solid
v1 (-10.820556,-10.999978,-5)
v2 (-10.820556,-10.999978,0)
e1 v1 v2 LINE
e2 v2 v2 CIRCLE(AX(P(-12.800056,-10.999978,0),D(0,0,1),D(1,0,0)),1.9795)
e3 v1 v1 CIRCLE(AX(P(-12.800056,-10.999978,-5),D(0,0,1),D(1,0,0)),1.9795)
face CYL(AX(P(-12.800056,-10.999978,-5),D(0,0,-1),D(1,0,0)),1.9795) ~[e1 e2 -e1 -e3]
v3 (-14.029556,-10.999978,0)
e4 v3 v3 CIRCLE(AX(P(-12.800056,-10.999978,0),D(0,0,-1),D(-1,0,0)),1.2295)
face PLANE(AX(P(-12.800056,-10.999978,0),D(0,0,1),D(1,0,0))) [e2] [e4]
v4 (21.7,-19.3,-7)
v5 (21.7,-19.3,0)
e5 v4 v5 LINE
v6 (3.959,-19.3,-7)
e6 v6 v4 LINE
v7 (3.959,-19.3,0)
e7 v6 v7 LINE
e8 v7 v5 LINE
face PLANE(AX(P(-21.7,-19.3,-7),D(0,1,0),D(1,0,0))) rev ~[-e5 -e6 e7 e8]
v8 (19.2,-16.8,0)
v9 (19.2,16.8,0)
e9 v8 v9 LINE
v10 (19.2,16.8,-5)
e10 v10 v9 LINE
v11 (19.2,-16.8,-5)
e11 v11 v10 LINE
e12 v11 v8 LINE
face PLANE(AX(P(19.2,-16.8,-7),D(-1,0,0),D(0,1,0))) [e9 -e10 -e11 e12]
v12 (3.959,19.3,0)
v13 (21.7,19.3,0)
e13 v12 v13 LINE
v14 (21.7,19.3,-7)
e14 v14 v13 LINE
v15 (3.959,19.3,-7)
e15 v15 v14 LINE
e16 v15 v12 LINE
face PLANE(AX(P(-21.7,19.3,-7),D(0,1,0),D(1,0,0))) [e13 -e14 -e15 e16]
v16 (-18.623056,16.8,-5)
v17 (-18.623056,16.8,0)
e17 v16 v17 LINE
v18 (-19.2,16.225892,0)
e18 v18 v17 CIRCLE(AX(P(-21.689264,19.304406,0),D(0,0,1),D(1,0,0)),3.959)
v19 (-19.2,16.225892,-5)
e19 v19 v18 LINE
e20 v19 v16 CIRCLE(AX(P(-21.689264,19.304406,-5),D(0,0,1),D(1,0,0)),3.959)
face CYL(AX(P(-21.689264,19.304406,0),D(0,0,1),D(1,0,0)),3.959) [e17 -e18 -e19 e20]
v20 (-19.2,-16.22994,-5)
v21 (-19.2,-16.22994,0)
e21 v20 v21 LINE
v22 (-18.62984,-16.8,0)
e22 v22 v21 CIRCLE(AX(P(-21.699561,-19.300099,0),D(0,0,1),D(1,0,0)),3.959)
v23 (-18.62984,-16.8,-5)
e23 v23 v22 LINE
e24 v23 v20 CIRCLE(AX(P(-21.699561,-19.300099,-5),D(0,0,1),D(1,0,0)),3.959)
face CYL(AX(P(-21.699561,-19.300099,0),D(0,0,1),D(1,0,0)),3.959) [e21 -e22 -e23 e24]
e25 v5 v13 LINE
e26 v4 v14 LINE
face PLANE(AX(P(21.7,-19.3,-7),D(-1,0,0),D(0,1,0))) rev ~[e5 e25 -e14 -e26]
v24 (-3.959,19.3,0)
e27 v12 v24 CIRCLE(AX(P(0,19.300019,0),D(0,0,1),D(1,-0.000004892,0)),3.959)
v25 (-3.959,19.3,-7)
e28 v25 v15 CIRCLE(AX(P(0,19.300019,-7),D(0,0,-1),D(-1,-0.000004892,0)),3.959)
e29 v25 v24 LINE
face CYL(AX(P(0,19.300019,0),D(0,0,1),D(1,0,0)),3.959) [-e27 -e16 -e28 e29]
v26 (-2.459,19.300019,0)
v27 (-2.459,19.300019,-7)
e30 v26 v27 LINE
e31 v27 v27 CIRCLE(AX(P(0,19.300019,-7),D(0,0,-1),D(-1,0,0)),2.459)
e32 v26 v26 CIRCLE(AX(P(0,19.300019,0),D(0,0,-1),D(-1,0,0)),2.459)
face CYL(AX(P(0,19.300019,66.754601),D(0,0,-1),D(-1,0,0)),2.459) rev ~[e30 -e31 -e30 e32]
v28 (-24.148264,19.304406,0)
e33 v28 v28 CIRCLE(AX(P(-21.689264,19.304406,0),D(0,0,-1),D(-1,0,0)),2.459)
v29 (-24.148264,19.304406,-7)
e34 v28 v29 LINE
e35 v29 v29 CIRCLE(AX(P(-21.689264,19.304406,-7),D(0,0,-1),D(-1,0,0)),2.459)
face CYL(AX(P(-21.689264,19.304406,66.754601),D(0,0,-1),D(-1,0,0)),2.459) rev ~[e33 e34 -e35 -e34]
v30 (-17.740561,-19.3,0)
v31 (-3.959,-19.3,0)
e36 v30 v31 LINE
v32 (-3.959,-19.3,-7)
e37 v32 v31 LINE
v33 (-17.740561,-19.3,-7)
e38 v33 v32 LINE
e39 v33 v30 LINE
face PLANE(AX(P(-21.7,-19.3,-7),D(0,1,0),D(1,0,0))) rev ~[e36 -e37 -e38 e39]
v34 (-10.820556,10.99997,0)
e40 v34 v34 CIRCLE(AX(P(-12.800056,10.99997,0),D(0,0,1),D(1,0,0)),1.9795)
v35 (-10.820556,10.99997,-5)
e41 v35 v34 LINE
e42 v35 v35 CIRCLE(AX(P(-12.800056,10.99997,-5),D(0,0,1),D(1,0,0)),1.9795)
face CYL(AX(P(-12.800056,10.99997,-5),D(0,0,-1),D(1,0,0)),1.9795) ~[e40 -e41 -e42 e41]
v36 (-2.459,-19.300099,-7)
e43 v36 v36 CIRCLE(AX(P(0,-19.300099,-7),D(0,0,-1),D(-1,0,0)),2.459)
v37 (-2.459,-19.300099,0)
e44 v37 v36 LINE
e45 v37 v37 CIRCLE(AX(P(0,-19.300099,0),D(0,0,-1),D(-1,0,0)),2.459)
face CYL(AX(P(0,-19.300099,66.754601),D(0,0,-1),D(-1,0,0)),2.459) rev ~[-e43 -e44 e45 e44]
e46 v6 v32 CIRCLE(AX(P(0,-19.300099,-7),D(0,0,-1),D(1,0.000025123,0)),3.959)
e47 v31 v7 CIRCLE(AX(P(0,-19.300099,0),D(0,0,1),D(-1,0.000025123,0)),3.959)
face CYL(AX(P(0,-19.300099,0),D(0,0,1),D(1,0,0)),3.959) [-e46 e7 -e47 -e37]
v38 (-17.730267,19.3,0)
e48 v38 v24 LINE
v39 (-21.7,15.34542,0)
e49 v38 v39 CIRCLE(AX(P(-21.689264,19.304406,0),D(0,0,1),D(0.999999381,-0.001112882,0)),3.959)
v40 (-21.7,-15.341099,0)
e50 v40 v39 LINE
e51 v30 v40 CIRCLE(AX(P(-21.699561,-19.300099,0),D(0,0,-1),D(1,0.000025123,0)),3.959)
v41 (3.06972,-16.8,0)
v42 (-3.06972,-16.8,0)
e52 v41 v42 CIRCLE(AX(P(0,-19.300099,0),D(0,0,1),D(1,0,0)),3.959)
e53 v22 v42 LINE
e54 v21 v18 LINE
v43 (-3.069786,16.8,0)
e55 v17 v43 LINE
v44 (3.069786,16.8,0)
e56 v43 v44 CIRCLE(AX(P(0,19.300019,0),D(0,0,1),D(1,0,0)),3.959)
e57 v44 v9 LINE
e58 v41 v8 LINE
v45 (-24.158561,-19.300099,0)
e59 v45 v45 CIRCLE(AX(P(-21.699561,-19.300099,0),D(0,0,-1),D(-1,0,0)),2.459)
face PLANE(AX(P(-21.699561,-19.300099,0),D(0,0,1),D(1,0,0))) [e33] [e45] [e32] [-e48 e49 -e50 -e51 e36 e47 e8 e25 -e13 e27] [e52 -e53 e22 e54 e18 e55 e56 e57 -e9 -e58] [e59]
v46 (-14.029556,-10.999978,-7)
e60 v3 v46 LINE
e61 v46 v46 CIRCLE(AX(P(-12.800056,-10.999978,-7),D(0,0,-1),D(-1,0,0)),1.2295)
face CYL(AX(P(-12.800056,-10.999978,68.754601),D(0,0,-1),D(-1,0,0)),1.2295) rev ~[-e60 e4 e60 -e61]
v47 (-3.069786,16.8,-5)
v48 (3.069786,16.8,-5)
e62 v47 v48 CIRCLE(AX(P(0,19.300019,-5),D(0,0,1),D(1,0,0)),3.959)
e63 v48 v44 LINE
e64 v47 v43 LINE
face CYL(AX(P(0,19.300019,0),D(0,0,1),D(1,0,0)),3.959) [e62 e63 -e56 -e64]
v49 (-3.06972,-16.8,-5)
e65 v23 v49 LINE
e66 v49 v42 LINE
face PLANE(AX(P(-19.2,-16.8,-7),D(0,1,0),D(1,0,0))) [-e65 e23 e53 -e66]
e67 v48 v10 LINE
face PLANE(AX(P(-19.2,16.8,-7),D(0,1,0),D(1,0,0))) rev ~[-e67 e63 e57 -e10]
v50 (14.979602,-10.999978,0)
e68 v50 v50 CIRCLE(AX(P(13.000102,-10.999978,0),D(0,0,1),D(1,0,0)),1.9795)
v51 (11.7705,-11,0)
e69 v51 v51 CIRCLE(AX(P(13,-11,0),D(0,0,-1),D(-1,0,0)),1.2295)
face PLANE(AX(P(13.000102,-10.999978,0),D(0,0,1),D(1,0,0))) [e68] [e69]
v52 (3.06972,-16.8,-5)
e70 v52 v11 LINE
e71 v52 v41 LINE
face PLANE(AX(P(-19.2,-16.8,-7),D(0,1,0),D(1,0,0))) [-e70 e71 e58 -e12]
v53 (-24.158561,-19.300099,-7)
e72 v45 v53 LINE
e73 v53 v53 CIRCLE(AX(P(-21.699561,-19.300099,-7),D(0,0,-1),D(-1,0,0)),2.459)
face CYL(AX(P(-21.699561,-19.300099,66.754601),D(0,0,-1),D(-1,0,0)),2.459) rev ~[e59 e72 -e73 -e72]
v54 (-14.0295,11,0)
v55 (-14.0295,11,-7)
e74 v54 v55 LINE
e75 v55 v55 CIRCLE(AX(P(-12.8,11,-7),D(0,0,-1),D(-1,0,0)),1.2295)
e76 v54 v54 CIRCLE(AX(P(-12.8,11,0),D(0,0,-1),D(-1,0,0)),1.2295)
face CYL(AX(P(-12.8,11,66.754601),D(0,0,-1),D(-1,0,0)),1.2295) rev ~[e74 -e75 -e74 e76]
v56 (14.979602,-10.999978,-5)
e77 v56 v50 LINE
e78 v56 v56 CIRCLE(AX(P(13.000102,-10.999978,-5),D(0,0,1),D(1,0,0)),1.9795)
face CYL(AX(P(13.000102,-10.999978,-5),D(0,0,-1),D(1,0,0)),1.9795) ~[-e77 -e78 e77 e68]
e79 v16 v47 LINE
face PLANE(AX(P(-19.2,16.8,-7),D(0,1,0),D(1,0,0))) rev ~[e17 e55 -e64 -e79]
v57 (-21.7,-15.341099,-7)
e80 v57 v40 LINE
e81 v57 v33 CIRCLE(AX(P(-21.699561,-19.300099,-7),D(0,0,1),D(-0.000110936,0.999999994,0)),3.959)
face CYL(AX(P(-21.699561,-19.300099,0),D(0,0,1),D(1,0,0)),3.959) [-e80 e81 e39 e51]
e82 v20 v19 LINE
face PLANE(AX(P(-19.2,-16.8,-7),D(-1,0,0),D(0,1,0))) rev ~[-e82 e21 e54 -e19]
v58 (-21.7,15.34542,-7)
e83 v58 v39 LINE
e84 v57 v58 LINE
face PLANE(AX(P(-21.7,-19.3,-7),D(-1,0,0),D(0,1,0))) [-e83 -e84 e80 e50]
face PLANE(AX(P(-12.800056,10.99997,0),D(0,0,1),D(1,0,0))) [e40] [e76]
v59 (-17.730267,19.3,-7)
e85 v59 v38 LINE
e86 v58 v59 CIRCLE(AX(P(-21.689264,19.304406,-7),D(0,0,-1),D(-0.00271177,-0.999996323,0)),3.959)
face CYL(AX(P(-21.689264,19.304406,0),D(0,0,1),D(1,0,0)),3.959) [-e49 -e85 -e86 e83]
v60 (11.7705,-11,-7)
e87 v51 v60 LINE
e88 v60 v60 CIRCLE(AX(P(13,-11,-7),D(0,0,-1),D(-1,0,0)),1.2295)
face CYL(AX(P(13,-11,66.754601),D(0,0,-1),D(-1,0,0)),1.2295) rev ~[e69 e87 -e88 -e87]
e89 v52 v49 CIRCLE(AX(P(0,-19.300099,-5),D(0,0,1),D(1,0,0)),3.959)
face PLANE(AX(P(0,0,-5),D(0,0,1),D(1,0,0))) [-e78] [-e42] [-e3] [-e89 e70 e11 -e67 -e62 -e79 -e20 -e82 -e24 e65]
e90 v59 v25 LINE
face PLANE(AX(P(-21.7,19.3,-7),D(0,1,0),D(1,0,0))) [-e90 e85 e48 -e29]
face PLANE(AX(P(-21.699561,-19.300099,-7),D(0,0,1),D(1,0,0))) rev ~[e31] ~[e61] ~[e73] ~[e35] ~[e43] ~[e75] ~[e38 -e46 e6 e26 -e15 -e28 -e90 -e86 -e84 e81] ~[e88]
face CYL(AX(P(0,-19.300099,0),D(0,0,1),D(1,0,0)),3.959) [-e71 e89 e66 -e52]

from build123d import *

# Parameters (mm, degrees)
F7_W         = 43.4
F7_H         = 38.6
F8_DEPTH     = 7
F6_W         = 38.4
F6_H         = 33.6
F9_DEPTH     = 7
F10_DEPTH    = 2
F11_R        = 1.9795
F12_DEPTH    = 5
F15_R        = 3.959
F16_DEPTH    = 7
F17_D        = 4.918
F18_D        = 2.459
F18_ON_F11_D = 2.459


with BuildPart() as f8:
    # F7 (on Top) → F8 (new body)
    with BuildSketch(Plane.XY):
        Rectangle(F7_W, F7_H)
    extrude(amount=F8_DEPTH)

    # F6 (on Top) → F9 (cut)
    with BuildSketch(Plane.XY):
        Rectangle(F6_W, F6_H)
    extrude(amount=F9_DEPTH, mode=Mode.SUBTRACT)

    # F6 (on Top) → F10 (join)
    with BuildSketch(Plane.XY):
        Rectangle(F6_W, F6_H)
    extrude(amount=F10_DEPTH)

    # F11 (on face) → F12 (join)
    with BuildSketch(Plane.XY.offset(2)):
        with Locations((-12.8000564873, 10.9999701381)):
            Circle(F11_R)
        with Locations((13.0001017824, -10.9999775887)):
            Circle(F11_R)
        with Locations((-12.8000564873, -10.9999775887)):
            Circle(F11_R)
    extrude(amount=F12_DEPTH)


with BuildPart() as f8_1:
    # F13: moved
    add(f8.part.moved(Location((0, 0, -7))))

    # F15 (on face) → F16 (join)
    with BuildSketch(Plane.XY):
        with Locations((-21.6995608062, -19.3000994623)):
            Circle(F15_R)
        with Locations((0, -19.3000994623)):
            Circle(F15_R)
        with Locations((0, 19.3000193685)):
            Circle(F15_R)
        with Locations((-21.6892641038, 19.3044058979)):
            Circle(F15_R)
    extrude(amount=-F16_DEPTH)

    # F17 (through all)
    with Locations(Plane.XY):
        with Locations((-21.6892641038, 19.3044058979), (0, 19.3000193685), (0, -19.3000994623), (-21.6995608062, -19.3000994623)):
            Hole(F17_D / 2)

    # F18 (through all)
    with Locations(Plane.XY):
        with Locations((-12.8, 11), (13, -11)):
            Hole(F18_D / 2)

    # F18 on F11 (through all)
    with Locations(Plane.XY.offset(2)):
        with Locations((-12.8000564873, -10.9999775887)):
            Hole(F18_ON_F11_D / 2)


solid = f8_1.part
